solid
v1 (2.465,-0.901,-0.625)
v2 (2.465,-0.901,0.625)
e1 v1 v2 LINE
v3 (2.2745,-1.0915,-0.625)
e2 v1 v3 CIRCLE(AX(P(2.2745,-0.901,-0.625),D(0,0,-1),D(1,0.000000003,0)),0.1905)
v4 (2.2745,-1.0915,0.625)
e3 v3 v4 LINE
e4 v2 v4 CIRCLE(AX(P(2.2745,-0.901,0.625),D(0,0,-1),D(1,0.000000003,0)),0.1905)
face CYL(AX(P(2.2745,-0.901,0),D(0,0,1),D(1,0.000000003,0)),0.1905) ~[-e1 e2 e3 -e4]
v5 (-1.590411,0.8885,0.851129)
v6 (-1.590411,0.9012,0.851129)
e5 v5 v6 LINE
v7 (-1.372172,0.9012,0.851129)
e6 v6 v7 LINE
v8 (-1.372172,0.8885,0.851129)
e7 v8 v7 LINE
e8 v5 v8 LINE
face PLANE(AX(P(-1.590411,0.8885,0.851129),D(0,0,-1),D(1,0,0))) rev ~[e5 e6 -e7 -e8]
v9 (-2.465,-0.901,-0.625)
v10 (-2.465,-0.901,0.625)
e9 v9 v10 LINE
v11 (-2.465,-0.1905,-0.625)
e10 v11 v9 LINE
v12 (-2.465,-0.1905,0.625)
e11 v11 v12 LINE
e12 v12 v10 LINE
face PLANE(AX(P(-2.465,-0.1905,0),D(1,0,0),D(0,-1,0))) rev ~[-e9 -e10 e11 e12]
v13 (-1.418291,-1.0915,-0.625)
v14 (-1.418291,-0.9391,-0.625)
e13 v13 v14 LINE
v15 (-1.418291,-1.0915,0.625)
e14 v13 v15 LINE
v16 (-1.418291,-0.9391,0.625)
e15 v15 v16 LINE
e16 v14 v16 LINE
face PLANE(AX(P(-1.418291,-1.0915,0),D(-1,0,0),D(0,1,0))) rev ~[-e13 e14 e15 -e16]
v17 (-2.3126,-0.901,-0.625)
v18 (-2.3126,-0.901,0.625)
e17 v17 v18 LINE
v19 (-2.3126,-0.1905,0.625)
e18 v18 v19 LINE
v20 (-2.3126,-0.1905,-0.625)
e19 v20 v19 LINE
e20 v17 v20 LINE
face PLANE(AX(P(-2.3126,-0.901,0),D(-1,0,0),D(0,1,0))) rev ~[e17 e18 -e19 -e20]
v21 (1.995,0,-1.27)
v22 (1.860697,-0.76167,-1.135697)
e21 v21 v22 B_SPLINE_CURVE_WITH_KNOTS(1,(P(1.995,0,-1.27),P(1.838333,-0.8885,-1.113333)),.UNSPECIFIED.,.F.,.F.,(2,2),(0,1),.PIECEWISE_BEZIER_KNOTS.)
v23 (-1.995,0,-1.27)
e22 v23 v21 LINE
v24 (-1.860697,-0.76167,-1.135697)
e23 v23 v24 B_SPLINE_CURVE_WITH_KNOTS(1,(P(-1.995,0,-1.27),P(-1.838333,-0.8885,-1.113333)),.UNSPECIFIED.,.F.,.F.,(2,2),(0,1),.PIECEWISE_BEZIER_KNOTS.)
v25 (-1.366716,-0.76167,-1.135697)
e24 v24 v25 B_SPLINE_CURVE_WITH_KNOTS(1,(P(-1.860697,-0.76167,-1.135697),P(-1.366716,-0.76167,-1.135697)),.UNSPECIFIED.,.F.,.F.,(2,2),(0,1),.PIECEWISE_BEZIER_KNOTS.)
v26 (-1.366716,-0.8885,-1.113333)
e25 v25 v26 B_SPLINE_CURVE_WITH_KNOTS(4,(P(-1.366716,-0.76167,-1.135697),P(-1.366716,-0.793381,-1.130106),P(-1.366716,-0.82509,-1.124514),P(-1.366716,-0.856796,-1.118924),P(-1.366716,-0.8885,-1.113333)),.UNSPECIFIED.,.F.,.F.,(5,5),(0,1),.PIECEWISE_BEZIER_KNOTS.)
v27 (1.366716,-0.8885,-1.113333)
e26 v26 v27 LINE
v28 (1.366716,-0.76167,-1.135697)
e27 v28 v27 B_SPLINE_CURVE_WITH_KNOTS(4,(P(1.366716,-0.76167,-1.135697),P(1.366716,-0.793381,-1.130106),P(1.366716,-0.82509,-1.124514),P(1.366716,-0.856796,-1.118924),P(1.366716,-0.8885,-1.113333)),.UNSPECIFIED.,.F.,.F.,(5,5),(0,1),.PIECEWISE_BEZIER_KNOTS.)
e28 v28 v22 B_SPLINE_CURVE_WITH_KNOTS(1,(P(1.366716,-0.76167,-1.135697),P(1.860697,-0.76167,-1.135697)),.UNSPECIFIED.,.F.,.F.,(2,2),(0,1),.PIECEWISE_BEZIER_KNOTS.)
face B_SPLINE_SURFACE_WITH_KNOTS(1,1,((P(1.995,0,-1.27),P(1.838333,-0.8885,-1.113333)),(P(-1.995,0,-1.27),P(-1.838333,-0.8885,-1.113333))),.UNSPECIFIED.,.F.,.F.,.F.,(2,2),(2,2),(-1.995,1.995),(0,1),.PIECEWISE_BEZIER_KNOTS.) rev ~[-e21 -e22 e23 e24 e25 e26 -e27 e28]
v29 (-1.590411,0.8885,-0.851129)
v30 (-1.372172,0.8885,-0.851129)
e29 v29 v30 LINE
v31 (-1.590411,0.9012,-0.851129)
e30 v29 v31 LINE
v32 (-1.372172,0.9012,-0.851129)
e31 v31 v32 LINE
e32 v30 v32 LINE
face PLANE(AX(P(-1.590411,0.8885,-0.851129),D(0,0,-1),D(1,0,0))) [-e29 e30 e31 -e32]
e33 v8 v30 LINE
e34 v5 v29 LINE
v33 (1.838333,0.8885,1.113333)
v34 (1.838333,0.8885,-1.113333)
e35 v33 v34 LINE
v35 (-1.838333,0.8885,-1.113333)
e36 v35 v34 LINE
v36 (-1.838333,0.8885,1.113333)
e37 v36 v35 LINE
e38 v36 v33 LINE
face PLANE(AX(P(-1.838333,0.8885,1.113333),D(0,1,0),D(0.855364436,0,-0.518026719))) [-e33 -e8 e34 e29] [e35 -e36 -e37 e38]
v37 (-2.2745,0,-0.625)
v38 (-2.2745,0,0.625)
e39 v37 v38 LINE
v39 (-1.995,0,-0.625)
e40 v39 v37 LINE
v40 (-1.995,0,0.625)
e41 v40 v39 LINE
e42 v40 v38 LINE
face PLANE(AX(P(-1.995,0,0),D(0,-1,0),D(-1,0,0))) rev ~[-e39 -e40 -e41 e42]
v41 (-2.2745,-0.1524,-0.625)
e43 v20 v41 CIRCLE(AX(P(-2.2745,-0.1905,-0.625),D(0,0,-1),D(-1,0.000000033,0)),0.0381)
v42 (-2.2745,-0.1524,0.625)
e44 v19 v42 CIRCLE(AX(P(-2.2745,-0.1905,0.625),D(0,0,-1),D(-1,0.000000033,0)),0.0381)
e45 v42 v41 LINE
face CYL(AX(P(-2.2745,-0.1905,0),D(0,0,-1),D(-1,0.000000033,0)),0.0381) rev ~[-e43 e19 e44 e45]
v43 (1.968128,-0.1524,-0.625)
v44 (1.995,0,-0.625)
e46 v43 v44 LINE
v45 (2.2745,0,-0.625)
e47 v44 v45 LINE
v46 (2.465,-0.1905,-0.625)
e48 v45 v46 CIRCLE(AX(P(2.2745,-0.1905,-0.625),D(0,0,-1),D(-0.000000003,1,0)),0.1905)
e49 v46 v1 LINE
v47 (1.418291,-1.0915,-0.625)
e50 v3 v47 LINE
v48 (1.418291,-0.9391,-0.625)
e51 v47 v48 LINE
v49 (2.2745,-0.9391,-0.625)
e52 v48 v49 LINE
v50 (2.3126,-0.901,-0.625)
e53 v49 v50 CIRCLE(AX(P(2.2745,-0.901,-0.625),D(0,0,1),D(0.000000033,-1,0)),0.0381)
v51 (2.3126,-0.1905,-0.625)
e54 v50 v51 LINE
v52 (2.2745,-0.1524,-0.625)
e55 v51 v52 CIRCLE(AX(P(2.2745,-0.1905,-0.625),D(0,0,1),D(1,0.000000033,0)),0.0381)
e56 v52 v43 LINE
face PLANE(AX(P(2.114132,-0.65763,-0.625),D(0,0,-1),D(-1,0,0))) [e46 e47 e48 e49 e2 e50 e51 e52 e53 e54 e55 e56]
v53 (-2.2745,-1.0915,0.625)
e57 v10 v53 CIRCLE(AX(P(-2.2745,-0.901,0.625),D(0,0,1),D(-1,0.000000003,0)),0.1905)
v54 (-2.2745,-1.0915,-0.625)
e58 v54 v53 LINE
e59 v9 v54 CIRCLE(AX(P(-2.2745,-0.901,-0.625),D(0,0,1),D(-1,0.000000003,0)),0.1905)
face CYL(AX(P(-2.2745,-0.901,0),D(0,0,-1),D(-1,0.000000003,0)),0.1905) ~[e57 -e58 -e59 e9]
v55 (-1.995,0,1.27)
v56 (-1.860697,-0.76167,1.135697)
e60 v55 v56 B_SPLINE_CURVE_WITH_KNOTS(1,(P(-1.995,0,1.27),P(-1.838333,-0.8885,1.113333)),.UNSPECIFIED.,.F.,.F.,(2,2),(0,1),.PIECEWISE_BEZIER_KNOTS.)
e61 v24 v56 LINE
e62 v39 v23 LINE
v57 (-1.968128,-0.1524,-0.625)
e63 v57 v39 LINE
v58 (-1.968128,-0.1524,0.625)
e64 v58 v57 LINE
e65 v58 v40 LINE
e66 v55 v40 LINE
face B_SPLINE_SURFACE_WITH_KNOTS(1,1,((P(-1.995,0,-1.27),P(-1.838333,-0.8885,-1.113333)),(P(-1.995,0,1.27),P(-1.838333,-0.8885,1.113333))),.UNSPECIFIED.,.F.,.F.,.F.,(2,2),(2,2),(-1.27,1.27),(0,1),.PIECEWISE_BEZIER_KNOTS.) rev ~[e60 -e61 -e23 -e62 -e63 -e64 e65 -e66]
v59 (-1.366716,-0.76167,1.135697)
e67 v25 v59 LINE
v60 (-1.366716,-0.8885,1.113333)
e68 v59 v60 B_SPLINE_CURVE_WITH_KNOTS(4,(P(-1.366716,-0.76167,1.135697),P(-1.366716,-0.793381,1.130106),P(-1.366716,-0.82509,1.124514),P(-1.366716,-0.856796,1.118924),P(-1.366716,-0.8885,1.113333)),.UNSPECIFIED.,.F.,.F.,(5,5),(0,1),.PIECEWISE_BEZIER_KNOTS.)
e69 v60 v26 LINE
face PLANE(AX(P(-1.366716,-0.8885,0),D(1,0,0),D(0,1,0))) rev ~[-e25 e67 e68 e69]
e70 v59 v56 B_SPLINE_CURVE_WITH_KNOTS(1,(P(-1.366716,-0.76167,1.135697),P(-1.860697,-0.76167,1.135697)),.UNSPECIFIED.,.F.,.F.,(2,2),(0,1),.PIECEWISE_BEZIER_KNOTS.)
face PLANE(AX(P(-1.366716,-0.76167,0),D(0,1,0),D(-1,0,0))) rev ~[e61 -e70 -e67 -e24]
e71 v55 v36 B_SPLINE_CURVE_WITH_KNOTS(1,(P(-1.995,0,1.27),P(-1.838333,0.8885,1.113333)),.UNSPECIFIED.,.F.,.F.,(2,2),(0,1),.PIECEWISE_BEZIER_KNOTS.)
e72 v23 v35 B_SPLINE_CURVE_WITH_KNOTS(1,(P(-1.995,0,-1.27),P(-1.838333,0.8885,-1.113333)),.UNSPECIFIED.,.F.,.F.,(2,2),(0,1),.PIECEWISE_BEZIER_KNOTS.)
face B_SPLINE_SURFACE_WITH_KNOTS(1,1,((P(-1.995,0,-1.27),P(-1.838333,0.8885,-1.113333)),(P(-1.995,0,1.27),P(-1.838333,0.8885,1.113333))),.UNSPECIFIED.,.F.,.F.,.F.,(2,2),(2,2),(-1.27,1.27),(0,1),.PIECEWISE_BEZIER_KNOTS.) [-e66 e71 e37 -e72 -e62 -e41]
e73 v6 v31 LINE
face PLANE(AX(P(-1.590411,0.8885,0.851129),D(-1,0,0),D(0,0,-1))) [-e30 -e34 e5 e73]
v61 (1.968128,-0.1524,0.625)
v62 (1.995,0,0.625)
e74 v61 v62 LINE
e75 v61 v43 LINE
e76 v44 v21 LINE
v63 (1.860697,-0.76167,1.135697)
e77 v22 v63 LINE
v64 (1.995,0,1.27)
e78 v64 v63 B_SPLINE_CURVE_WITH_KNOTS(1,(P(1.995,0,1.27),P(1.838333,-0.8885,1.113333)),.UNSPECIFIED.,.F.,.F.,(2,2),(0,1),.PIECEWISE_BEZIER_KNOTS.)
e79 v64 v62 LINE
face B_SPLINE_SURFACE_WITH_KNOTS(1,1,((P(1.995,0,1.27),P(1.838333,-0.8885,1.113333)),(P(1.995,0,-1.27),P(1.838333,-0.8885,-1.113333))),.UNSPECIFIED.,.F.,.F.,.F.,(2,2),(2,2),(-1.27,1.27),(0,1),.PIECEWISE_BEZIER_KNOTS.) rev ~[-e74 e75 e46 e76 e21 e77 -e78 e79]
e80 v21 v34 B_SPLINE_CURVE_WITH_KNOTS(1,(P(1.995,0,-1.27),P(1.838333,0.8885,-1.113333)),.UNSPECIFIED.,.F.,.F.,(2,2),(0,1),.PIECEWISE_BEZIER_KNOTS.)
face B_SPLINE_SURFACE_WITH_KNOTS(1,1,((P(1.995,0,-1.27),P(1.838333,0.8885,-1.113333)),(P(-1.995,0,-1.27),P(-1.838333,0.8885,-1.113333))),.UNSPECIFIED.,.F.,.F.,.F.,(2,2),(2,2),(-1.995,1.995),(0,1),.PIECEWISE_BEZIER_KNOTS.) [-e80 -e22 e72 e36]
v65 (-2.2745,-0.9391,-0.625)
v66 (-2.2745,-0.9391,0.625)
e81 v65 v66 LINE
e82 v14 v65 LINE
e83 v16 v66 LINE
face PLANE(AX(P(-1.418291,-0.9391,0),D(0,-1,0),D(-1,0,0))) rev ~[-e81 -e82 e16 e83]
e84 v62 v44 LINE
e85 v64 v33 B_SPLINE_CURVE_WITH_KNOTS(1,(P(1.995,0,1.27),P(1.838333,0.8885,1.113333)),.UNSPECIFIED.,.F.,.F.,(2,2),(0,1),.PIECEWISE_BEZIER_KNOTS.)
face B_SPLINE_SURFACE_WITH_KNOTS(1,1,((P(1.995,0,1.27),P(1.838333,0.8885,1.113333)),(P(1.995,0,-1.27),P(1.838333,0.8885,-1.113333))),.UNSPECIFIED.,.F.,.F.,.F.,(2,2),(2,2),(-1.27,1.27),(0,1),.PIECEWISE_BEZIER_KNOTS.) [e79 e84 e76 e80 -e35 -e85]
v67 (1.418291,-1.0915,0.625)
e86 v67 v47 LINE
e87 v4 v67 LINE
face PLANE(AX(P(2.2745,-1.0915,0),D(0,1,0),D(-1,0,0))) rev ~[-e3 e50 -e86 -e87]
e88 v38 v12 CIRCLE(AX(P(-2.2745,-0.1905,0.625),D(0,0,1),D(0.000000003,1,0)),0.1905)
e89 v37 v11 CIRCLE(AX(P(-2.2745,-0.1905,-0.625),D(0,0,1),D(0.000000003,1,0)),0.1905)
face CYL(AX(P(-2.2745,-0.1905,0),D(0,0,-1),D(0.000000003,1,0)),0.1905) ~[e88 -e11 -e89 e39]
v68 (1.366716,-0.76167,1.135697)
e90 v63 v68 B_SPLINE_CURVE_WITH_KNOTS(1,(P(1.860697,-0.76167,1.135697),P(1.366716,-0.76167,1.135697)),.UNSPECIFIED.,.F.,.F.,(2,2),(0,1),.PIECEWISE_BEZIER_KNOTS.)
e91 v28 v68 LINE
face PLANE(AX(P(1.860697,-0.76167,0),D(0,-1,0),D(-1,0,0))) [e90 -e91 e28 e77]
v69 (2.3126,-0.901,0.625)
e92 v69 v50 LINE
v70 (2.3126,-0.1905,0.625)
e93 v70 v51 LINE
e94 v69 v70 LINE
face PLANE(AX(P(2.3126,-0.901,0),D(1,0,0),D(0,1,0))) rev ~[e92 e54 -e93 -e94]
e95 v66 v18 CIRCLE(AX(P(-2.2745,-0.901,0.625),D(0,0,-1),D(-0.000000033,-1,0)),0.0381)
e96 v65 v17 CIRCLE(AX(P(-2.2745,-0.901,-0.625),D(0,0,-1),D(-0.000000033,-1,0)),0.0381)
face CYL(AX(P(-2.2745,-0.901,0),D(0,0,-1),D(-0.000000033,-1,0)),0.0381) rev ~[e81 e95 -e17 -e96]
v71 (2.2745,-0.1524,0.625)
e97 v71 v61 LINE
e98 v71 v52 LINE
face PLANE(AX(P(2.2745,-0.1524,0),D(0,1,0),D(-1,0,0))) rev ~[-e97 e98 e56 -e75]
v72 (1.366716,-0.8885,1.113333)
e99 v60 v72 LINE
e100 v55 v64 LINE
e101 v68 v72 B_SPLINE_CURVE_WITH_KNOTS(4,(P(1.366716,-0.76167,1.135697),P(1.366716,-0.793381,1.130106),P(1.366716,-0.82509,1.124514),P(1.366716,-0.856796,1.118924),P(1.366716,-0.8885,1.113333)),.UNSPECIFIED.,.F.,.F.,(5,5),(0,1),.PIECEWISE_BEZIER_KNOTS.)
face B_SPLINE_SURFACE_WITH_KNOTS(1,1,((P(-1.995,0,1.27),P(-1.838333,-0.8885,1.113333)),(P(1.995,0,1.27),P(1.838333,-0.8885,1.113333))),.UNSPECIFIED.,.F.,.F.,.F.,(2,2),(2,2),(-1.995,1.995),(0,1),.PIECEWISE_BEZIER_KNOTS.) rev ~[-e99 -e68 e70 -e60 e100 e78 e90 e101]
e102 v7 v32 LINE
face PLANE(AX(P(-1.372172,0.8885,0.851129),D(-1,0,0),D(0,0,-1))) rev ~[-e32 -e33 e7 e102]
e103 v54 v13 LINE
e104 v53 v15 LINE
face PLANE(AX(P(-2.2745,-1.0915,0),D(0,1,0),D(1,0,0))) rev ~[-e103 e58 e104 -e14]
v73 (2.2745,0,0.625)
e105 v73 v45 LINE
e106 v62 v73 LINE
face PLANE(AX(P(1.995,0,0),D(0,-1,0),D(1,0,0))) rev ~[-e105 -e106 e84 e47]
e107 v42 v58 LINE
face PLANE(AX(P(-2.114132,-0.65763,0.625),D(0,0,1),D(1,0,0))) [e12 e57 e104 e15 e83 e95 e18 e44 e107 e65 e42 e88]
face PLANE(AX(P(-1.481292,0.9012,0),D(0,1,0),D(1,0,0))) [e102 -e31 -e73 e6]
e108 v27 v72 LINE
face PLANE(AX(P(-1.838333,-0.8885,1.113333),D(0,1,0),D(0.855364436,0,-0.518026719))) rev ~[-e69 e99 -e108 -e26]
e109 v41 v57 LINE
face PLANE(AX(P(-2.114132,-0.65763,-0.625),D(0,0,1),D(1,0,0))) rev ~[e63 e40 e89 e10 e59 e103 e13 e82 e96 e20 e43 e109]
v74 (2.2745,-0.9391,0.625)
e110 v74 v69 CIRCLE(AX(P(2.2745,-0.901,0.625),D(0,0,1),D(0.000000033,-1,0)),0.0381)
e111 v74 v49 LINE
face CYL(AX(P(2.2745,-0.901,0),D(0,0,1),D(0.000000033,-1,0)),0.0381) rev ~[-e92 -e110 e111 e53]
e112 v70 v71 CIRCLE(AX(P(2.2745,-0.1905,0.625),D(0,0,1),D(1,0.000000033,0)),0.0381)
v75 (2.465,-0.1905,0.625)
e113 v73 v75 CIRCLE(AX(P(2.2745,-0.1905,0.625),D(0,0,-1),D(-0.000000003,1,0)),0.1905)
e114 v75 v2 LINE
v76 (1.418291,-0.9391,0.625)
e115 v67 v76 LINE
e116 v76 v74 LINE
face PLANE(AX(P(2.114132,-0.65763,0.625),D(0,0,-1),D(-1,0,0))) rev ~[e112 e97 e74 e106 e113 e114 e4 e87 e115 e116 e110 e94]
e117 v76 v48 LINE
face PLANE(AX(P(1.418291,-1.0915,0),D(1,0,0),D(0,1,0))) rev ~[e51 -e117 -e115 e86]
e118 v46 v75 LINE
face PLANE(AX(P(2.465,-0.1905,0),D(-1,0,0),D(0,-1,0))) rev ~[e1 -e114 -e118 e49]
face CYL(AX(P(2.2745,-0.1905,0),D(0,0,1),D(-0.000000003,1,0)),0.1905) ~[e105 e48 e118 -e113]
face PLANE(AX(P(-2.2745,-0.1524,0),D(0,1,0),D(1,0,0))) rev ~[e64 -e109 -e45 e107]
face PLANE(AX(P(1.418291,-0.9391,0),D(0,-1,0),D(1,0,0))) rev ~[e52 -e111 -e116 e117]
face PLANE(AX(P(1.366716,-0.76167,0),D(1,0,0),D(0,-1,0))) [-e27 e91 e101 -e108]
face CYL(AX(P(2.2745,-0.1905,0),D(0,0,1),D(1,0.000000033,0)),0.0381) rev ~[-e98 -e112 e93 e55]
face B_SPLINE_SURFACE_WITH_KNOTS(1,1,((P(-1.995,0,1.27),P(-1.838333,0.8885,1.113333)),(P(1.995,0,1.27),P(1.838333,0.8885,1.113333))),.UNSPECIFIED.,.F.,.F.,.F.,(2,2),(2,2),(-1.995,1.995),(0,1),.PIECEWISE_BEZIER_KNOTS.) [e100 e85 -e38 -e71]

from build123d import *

# Parameters (mm, degrees)
SKETCH1_W                      = 3.99
SKETCH1_H                      = 2.54
BOSS_EXTRUDE1_DEPTH            = 0.888500052
BOSS_EXTRUDE1_TAPER            = 10
BOSS_EXTRUDE1_OTHER_WAY_DEPTH  = 0.888500052
BOSS_EXTRUDE1_OTHER_WAY_TAPER  = 10
BOSS_EXTRUDE2_DEPTH            = 0.625
CUT_EXTRUDE1_REACH             = 3.27
CUT_EXTRUDE1_DIRECTION_2_REACH = 3.27
SKETCH5_W                      = 0.218238159
SKETCH5_H                      = 1.702257636
BOSS_EXTRUDE3_DEPTH            = 0.0127


with BuildPart() as part:
    # Sketch1 → Boss-Extrude1 (new body)
    with BuildSketch(Plane(origin=(0, 0, 0), x_dir=(1, 0, 0), z_dir=(0, 1, 0))):
        Rectangle(SKETCH1_W, SKETCH1_H)
    extrude(amount=BOSS_EXTRUDE1_DEPTH, taper=BOSS_EXTRUDE1_TAPER)

    # Sketch1 → Boss-Extrude1 other way (add)
    with BuildSketch(Plane(origin=(0, 0, 0), x_dir=(1, 0, 0), z_dir=(0, 1, 0))):
        Rectangle(SKETCH1_W, SKETCH1_H)
    extrude(amount=-BOSS_EXTRUDE1_OTHER_WAY_DEPTH, taper=BOSS_EXTRUDE1_OTHER_WAY_TAPER)

    # Sketch2 → Boss-Extrude2 (add, symmetric)
    with BuildSketch(Plane.XY):
        with BuildLine():
            Line((-1.995, 0), (-2.2745, 0))
            ThreePointArc((-2.2745, 0), (-2.409203842, -0.055796158), (-2.465, -0.1905))
            Line((-2.465, -0.1905), (-2.465, -0.900999948))
            ThreePointArc((-2.465, -0.900999948), (-2.409203842, -1.03570379), (-2.2745, -1.091499948))
            Line((-2.2745, -1.091499948), (-1.4182914, -1.091499948))
            Line((-1.4182914, -1.091499948), (-1.4182914, -0.939099948))
            Line((-1.4182914, -0.939099948), (-2.2745, -0.939099948))
            ThreePointArc((-2.2745, -0.939099948), (-2.301440768, -0.927940716), (-2.3126, -0.900999948))
            Line((-2.3126, -0.900999948), (-2.3126, -0.1905))
            ThreePointArc((-2.3126, -0.1905), (-2.301440768, -0.163559232), (-2.2745, -0.1524))
            Line((-2.2745, -0.1524), (-1.968127768, -0.1524))
            Line((-1.968127768, -0.1524), (-1.995, 0))
        make_face()
        with BuildLine():
            Line((2.2745, -1.091499948), (1.4182914, -1.091499948))
            Line((1.4182914, -1.091499948), (1.4182914, -0.939099948))
            Line((1.4182914, -0.939099948), (2.2745, -0.939099948))
            ThreePointArc((2.2745, -0.939099948), (2.301440768, -0.927940716), (2.3126, -0.900999948))
            Line((2.3126, -0.900999948), (2.3126, -0.1905))
            ThreePointArc((2.3126, -0.1905), (2.301440768, -0.163559232), (2.2745, -0.1524))
            Line((2.2745, -0.1524), (1.968127768, -0.1524))
            Line((1.968127768, -0.1524), (1.995, 0))
            Line((1.995, 0), (2.2745, 0))
            ThreePointArc((2.2745, 0), (2.409203842, -0.055796158), (2.465, -0.1905))
            Line((2.465, -0.1905), (2.465, -0.900999948))
            ThreePointArc((2.465, -0.900999948), (2.409203842, -1.03570379), (2.2745, -1.091499948))
        make_face()
    extrude(amount=BOSS_EXTRUDE2_DEPTH, both=True)

    # Sketch3 → Cut-Extrude1 (cut, up to next)
    with BuildSketch(Plane.XY, mode=Mode.PRIVATE) as cut_extrude1_sk1:
        Polygon((-1.838333468, -0.888500052), (-1.366716467, -0.888500052), (-1.366716467, -0.761670377), (-1.860696962, -0.761670377), align=None)
    cut_extrude1_tool1 = extrude(cut_extrude1_sk1.sketch, amount=-CUT_EXTRUDE1_REACH, mode=Mode.PRIVATE) & part.part
    add(cut_extrude1_tool1.solids().sort_by_distance((-1.608159, -0.824596, 0))[0], mode=Mode.SUBTRACT)
    # Sketch3 → Cut-Extrude1 (cut, up to next)
    with BuildSketch(Plane.XY, mode=Mode.PRIVATE) as cut_extrude1_sk2:
        Polygon((1.838333468, -0.888500052), (1.860696962, -0.761670377), (1.366716467, -0.761670377), (1.366716467, -0.888500052), align=None)
    cut_extrude1_tool2 = extrude(cut_extrude1_sk2.sketch, amount=-CUT_EXTRUDE1_REACH, mode=Mode.PRIVATE) & part.part
    add(cut_extrude1_tool2.solids().sort_by_distance((1.608159, -0.824596, 0))[0], mode=Mode.SUBTRACT)

    # Sketch3 → Cut-Extrude1 direction 2 (cut, up to next)
    with BuildSketch(Plane.XY, mode=Mode.PRIVATE) as cut_extrude1_direction_2_sk1:
        Polygon((-1.838333468, -0.888500052), (-1.366716467, -0.888500052), (-1.366716467, -0.761670377), (-1.860696962, -0.761670377), align=None)
    cut_extrude1_direction_2_tool1 = extrude(cut_extrude1_direction_2_sk1.sketch, amount=CUT_EXTRUDE1_DIRECTION_2_REACH, mode=Mode.PRIVATE) & part.part
    add(cut_extrude1_direction_2_tool1.solids().sort_by_distance((-1.608159, -0.824596, 0))[0], mode=Mode.SUBTRACT)
    # Sketch3 → Cut-Extrude1 direction 2 (cut, up to next)
    with BuildSketch(Plane.XY, mode=Mode.PRIVATE) as cut_extrude1_direction_2_sk2:
        Polygon((1.838333468, -0.888500052), (1.860696962, -0.761670377), (1.366716467, -0.761670377), (1.366716467, -0.888500052), align=None)
    cut_extrude1_direction_2_tool2 = extrude(cut_extrude1_direction_2_sk2.sketch, amount=CUT_EXTRUDE1_DIRECTION_2_REACH, mode=Mode.PRIVATE) & part.part
    add(cut_extrude1_direction_2_tool2.solids().sort_by_distance((1.608159, -0.824596, 0))[0], mode=Mode.SUBTRACT)

    # Sketch5 → Boss-Extrude3 (add)
    with BuildSketch(Plane(origin=(0, 0.888500052, 0), x_dir=(1, 0, 0), z_dir=(0, 1, 0))):
        with Locations((-1.481291501, 0)):
            Rectangle(SKETCH5_W, SKETCH5_H)
    extrude(amount=BOSS_EXTRUDE3_DEPTH)


solid = part.part
